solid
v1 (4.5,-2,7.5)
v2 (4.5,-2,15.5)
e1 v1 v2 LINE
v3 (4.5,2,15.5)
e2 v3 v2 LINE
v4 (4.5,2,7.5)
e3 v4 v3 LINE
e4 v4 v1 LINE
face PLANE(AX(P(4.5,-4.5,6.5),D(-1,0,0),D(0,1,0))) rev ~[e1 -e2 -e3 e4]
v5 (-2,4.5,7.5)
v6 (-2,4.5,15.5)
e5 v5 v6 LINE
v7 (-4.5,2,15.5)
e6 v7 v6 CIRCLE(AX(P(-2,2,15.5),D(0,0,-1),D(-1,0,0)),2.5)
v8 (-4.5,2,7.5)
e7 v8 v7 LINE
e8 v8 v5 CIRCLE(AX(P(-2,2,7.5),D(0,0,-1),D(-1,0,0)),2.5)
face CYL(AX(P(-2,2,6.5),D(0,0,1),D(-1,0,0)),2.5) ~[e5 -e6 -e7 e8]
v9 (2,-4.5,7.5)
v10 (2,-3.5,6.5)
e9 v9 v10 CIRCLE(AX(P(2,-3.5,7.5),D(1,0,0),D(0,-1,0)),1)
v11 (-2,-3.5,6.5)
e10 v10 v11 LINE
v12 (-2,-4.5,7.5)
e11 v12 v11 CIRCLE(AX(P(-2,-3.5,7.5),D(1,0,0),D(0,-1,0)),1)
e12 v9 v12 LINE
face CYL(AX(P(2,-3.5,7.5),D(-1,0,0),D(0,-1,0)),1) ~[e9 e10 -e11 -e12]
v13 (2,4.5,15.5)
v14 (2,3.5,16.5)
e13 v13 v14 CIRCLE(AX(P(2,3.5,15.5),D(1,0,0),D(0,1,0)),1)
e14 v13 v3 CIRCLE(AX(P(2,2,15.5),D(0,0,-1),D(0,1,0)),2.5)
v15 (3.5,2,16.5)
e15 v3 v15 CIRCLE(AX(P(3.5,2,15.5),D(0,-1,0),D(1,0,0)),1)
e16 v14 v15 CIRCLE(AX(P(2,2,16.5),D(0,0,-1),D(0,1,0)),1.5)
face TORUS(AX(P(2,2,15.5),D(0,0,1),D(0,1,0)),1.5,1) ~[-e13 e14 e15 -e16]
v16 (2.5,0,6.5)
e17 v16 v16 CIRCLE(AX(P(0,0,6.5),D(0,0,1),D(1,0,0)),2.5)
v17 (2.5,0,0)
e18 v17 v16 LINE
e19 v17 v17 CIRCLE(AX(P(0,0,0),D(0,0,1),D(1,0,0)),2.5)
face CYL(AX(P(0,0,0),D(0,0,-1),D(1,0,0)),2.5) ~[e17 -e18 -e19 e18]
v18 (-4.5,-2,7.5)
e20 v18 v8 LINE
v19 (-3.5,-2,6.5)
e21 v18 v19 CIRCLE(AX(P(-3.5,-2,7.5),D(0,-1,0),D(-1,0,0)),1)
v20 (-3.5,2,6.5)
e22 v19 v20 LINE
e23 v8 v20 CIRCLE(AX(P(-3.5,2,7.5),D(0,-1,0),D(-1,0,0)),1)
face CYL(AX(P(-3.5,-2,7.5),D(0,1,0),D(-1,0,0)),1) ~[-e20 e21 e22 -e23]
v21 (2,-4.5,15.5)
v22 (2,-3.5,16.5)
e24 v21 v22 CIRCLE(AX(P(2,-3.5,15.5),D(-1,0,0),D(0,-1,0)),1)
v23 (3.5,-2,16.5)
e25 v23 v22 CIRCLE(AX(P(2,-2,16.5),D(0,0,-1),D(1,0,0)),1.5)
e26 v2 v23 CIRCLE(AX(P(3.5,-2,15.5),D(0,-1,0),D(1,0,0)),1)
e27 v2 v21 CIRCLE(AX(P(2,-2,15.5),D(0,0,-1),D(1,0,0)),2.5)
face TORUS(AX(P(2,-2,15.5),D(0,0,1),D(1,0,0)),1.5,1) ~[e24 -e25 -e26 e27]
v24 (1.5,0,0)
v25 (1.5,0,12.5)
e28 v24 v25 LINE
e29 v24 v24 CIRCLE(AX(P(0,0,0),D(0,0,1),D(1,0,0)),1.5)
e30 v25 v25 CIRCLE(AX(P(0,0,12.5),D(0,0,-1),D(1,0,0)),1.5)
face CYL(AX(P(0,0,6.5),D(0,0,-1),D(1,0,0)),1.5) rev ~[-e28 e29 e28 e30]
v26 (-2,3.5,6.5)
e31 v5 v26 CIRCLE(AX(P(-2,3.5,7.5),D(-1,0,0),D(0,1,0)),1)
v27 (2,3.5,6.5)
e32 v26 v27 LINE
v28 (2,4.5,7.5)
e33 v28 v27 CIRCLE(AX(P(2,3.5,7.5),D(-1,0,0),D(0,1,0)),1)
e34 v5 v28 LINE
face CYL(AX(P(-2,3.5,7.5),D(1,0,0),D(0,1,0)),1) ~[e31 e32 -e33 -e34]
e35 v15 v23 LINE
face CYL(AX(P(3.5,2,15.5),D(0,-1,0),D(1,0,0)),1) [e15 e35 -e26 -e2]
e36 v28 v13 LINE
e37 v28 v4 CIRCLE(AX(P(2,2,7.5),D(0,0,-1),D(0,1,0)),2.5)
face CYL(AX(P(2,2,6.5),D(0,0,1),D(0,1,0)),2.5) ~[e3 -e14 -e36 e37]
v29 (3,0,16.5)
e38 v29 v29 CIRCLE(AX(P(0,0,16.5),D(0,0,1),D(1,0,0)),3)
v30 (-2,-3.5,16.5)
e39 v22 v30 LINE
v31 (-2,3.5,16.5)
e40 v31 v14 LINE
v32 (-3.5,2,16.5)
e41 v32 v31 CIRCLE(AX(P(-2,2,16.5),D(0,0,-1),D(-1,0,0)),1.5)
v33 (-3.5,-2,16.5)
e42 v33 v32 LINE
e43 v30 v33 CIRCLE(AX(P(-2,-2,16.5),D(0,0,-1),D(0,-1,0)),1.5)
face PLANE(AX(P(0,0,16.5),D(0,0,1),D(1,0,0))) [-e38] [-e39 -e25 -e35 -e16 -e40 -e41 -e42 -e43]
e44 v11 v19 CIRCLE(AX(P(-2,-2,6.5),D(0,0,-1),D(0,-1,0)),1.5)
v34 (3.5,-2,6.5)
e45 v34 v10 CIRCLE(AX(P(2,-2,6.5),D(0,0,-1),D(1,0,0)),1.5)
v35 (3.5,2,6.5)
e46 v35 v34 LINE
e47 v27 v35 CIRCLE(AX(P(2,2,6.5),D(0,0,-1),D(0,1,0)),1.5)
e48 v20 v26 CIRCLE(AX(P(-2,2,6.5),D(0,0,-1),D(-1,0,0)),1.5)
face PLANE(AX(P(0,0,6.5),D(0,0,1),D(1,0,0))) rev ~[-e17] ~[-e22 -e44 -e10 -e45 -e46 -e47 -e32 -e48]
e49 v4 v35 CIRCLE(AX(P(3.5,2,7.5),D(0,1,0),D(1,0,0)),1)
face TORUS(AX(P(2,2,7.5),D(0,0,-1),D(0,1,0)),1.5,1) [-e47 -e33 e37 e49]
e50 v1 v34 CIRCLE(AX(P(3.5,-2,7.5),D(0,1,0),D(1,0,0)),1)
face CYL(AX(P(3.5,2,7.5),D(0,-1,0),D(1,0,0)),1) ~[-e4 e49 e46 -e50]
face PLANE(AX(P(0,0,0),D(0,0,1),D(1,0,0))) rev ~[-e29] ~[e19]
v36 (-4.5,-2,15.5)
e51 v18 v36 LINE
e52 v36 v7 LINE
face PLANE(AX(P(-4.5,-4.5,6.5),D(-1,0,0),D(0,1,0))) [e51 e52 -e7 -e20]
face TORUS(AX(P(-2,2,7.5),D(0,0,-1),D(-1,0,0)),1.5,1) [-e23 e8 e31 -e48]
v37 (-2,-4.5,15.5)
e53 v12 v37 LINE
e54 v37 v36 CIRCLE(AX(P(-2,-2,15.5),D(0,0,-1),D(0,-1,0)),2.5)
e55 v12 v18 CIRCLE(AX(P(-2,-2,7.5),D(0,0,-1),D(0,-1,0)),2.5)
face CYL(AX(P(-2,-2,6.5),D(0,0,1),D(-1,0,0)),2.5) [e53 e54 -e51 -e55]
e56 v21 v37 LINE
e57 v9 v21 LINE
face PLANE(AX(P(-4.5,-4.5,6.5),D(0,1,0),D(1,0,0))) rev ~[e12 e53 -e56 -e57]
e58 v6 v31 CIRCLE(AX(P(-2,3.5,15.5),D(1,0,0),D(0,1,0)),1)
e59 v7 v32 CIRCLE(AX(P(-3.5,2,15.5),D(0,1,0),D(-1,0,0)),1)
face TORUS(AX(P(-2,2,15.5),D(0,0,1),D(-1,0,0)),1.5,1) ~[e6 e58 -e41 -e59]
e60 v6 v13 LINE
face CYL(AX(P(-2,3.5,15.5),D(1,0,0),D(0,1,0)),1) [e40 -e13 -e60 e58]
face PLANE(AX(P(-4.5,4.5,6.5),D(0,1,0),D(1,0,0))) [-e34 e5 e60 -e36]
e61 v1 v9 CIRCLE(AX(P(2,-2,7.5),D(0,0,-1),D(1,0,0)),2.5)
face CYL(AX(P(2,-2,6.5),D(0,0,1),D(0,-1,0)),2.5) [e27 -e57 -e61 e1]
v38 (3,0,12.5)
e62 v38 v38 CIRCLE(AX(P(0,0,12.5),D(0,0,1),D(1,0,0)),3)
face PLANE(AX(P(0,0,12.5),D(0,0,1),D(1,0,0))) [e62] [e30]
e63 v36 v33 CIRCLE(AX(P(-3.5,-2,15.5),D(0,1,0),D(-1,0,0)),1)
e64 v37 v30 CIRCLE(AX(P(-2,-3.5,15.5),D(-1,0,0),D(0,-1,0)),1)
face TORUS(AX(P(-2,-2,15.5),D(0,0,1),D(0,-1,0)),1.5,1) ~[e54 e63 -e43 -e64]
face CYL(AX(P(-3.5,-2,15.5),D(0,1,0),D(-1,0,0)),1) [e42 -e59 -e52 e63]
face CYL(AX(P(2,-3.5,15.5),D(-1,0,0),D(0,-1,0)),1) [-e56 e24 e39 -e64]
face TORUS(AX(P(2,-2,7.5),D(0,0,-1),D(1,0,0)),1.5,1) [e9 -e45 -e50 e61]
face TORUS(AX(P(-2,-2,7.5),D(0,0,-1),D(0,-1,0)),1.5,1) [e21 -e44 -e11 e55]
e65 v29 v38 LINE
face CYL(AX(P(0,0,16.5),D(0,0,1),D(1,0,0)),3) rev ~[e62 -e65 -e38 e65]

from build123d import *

# Parameters (mm, degrees)
F0_R      = 2.5
F0_R_2    = 1.5
F1_DEPTH  = 6.5
F2_W      = 9
F2_H      = 9
F3_DEPTH  = 10
F4_R      = 2.5
F5_R      = 1
F3_FACE_R = 1.5
F6_DEPTH  = 10
F7_R      = 3
F8_DEPTH  = 4


with BuildPart() as f1:
    # F0 (on Top) → F1 (new body)
    with BuildSketch(Plane.XY):
        Circle(F0_R)
        Circle(F0_R_2, mode=Mode.SUBTRACT)
    extrude(amount=F1_DEPTH)

    # F2 (on face) → F3 (join)
    with BuildSketch(Plane.XY.offset(6.5)):
        Rectangle(F2_W, F2_H)
    extrude(amount=F3_DEPTH)

    # F4
    f4_edges = [f1.edges().sort_by_distance(p)[0] for p in [
        (-4.5, -4.5, 11.5),
        (4.5, -4.5, 11.5),
        (4.5, 4.5, 11.5),
        (-4.5, 4.5, 11.5),
    ]]
    fillet(f4_edges, radius=F4_R)

    # F5
    f5_edges = [f1.edges().sort_by_distance(p)[0] for p in [
        (-4.5, 0, 6.5),
        (-4.5, 0, 16.5),
    ]]
    fillet(f5_edges, radius=F5_R)

    # F3_face (on face) → F6 (cut)
    with BuildSketch(Plane(origin=(0, 0, 6.5), x_dir=(1, 0, 0), z_dir=(0, 0, -1))):
        Circle(F3_FACE_R)
    extrude(amount=-F6_DEPTH, mode=Mode.SUBTRACT)

    # F7 (on face) → F8 (cut)
    with BuildSketch(Plane.XY.offset(16.5)):
        Circle(F7_R)
    extrude(amount=-F8_DEPTH, mode=Mode.SUBTRACT)


solid = f1.part
